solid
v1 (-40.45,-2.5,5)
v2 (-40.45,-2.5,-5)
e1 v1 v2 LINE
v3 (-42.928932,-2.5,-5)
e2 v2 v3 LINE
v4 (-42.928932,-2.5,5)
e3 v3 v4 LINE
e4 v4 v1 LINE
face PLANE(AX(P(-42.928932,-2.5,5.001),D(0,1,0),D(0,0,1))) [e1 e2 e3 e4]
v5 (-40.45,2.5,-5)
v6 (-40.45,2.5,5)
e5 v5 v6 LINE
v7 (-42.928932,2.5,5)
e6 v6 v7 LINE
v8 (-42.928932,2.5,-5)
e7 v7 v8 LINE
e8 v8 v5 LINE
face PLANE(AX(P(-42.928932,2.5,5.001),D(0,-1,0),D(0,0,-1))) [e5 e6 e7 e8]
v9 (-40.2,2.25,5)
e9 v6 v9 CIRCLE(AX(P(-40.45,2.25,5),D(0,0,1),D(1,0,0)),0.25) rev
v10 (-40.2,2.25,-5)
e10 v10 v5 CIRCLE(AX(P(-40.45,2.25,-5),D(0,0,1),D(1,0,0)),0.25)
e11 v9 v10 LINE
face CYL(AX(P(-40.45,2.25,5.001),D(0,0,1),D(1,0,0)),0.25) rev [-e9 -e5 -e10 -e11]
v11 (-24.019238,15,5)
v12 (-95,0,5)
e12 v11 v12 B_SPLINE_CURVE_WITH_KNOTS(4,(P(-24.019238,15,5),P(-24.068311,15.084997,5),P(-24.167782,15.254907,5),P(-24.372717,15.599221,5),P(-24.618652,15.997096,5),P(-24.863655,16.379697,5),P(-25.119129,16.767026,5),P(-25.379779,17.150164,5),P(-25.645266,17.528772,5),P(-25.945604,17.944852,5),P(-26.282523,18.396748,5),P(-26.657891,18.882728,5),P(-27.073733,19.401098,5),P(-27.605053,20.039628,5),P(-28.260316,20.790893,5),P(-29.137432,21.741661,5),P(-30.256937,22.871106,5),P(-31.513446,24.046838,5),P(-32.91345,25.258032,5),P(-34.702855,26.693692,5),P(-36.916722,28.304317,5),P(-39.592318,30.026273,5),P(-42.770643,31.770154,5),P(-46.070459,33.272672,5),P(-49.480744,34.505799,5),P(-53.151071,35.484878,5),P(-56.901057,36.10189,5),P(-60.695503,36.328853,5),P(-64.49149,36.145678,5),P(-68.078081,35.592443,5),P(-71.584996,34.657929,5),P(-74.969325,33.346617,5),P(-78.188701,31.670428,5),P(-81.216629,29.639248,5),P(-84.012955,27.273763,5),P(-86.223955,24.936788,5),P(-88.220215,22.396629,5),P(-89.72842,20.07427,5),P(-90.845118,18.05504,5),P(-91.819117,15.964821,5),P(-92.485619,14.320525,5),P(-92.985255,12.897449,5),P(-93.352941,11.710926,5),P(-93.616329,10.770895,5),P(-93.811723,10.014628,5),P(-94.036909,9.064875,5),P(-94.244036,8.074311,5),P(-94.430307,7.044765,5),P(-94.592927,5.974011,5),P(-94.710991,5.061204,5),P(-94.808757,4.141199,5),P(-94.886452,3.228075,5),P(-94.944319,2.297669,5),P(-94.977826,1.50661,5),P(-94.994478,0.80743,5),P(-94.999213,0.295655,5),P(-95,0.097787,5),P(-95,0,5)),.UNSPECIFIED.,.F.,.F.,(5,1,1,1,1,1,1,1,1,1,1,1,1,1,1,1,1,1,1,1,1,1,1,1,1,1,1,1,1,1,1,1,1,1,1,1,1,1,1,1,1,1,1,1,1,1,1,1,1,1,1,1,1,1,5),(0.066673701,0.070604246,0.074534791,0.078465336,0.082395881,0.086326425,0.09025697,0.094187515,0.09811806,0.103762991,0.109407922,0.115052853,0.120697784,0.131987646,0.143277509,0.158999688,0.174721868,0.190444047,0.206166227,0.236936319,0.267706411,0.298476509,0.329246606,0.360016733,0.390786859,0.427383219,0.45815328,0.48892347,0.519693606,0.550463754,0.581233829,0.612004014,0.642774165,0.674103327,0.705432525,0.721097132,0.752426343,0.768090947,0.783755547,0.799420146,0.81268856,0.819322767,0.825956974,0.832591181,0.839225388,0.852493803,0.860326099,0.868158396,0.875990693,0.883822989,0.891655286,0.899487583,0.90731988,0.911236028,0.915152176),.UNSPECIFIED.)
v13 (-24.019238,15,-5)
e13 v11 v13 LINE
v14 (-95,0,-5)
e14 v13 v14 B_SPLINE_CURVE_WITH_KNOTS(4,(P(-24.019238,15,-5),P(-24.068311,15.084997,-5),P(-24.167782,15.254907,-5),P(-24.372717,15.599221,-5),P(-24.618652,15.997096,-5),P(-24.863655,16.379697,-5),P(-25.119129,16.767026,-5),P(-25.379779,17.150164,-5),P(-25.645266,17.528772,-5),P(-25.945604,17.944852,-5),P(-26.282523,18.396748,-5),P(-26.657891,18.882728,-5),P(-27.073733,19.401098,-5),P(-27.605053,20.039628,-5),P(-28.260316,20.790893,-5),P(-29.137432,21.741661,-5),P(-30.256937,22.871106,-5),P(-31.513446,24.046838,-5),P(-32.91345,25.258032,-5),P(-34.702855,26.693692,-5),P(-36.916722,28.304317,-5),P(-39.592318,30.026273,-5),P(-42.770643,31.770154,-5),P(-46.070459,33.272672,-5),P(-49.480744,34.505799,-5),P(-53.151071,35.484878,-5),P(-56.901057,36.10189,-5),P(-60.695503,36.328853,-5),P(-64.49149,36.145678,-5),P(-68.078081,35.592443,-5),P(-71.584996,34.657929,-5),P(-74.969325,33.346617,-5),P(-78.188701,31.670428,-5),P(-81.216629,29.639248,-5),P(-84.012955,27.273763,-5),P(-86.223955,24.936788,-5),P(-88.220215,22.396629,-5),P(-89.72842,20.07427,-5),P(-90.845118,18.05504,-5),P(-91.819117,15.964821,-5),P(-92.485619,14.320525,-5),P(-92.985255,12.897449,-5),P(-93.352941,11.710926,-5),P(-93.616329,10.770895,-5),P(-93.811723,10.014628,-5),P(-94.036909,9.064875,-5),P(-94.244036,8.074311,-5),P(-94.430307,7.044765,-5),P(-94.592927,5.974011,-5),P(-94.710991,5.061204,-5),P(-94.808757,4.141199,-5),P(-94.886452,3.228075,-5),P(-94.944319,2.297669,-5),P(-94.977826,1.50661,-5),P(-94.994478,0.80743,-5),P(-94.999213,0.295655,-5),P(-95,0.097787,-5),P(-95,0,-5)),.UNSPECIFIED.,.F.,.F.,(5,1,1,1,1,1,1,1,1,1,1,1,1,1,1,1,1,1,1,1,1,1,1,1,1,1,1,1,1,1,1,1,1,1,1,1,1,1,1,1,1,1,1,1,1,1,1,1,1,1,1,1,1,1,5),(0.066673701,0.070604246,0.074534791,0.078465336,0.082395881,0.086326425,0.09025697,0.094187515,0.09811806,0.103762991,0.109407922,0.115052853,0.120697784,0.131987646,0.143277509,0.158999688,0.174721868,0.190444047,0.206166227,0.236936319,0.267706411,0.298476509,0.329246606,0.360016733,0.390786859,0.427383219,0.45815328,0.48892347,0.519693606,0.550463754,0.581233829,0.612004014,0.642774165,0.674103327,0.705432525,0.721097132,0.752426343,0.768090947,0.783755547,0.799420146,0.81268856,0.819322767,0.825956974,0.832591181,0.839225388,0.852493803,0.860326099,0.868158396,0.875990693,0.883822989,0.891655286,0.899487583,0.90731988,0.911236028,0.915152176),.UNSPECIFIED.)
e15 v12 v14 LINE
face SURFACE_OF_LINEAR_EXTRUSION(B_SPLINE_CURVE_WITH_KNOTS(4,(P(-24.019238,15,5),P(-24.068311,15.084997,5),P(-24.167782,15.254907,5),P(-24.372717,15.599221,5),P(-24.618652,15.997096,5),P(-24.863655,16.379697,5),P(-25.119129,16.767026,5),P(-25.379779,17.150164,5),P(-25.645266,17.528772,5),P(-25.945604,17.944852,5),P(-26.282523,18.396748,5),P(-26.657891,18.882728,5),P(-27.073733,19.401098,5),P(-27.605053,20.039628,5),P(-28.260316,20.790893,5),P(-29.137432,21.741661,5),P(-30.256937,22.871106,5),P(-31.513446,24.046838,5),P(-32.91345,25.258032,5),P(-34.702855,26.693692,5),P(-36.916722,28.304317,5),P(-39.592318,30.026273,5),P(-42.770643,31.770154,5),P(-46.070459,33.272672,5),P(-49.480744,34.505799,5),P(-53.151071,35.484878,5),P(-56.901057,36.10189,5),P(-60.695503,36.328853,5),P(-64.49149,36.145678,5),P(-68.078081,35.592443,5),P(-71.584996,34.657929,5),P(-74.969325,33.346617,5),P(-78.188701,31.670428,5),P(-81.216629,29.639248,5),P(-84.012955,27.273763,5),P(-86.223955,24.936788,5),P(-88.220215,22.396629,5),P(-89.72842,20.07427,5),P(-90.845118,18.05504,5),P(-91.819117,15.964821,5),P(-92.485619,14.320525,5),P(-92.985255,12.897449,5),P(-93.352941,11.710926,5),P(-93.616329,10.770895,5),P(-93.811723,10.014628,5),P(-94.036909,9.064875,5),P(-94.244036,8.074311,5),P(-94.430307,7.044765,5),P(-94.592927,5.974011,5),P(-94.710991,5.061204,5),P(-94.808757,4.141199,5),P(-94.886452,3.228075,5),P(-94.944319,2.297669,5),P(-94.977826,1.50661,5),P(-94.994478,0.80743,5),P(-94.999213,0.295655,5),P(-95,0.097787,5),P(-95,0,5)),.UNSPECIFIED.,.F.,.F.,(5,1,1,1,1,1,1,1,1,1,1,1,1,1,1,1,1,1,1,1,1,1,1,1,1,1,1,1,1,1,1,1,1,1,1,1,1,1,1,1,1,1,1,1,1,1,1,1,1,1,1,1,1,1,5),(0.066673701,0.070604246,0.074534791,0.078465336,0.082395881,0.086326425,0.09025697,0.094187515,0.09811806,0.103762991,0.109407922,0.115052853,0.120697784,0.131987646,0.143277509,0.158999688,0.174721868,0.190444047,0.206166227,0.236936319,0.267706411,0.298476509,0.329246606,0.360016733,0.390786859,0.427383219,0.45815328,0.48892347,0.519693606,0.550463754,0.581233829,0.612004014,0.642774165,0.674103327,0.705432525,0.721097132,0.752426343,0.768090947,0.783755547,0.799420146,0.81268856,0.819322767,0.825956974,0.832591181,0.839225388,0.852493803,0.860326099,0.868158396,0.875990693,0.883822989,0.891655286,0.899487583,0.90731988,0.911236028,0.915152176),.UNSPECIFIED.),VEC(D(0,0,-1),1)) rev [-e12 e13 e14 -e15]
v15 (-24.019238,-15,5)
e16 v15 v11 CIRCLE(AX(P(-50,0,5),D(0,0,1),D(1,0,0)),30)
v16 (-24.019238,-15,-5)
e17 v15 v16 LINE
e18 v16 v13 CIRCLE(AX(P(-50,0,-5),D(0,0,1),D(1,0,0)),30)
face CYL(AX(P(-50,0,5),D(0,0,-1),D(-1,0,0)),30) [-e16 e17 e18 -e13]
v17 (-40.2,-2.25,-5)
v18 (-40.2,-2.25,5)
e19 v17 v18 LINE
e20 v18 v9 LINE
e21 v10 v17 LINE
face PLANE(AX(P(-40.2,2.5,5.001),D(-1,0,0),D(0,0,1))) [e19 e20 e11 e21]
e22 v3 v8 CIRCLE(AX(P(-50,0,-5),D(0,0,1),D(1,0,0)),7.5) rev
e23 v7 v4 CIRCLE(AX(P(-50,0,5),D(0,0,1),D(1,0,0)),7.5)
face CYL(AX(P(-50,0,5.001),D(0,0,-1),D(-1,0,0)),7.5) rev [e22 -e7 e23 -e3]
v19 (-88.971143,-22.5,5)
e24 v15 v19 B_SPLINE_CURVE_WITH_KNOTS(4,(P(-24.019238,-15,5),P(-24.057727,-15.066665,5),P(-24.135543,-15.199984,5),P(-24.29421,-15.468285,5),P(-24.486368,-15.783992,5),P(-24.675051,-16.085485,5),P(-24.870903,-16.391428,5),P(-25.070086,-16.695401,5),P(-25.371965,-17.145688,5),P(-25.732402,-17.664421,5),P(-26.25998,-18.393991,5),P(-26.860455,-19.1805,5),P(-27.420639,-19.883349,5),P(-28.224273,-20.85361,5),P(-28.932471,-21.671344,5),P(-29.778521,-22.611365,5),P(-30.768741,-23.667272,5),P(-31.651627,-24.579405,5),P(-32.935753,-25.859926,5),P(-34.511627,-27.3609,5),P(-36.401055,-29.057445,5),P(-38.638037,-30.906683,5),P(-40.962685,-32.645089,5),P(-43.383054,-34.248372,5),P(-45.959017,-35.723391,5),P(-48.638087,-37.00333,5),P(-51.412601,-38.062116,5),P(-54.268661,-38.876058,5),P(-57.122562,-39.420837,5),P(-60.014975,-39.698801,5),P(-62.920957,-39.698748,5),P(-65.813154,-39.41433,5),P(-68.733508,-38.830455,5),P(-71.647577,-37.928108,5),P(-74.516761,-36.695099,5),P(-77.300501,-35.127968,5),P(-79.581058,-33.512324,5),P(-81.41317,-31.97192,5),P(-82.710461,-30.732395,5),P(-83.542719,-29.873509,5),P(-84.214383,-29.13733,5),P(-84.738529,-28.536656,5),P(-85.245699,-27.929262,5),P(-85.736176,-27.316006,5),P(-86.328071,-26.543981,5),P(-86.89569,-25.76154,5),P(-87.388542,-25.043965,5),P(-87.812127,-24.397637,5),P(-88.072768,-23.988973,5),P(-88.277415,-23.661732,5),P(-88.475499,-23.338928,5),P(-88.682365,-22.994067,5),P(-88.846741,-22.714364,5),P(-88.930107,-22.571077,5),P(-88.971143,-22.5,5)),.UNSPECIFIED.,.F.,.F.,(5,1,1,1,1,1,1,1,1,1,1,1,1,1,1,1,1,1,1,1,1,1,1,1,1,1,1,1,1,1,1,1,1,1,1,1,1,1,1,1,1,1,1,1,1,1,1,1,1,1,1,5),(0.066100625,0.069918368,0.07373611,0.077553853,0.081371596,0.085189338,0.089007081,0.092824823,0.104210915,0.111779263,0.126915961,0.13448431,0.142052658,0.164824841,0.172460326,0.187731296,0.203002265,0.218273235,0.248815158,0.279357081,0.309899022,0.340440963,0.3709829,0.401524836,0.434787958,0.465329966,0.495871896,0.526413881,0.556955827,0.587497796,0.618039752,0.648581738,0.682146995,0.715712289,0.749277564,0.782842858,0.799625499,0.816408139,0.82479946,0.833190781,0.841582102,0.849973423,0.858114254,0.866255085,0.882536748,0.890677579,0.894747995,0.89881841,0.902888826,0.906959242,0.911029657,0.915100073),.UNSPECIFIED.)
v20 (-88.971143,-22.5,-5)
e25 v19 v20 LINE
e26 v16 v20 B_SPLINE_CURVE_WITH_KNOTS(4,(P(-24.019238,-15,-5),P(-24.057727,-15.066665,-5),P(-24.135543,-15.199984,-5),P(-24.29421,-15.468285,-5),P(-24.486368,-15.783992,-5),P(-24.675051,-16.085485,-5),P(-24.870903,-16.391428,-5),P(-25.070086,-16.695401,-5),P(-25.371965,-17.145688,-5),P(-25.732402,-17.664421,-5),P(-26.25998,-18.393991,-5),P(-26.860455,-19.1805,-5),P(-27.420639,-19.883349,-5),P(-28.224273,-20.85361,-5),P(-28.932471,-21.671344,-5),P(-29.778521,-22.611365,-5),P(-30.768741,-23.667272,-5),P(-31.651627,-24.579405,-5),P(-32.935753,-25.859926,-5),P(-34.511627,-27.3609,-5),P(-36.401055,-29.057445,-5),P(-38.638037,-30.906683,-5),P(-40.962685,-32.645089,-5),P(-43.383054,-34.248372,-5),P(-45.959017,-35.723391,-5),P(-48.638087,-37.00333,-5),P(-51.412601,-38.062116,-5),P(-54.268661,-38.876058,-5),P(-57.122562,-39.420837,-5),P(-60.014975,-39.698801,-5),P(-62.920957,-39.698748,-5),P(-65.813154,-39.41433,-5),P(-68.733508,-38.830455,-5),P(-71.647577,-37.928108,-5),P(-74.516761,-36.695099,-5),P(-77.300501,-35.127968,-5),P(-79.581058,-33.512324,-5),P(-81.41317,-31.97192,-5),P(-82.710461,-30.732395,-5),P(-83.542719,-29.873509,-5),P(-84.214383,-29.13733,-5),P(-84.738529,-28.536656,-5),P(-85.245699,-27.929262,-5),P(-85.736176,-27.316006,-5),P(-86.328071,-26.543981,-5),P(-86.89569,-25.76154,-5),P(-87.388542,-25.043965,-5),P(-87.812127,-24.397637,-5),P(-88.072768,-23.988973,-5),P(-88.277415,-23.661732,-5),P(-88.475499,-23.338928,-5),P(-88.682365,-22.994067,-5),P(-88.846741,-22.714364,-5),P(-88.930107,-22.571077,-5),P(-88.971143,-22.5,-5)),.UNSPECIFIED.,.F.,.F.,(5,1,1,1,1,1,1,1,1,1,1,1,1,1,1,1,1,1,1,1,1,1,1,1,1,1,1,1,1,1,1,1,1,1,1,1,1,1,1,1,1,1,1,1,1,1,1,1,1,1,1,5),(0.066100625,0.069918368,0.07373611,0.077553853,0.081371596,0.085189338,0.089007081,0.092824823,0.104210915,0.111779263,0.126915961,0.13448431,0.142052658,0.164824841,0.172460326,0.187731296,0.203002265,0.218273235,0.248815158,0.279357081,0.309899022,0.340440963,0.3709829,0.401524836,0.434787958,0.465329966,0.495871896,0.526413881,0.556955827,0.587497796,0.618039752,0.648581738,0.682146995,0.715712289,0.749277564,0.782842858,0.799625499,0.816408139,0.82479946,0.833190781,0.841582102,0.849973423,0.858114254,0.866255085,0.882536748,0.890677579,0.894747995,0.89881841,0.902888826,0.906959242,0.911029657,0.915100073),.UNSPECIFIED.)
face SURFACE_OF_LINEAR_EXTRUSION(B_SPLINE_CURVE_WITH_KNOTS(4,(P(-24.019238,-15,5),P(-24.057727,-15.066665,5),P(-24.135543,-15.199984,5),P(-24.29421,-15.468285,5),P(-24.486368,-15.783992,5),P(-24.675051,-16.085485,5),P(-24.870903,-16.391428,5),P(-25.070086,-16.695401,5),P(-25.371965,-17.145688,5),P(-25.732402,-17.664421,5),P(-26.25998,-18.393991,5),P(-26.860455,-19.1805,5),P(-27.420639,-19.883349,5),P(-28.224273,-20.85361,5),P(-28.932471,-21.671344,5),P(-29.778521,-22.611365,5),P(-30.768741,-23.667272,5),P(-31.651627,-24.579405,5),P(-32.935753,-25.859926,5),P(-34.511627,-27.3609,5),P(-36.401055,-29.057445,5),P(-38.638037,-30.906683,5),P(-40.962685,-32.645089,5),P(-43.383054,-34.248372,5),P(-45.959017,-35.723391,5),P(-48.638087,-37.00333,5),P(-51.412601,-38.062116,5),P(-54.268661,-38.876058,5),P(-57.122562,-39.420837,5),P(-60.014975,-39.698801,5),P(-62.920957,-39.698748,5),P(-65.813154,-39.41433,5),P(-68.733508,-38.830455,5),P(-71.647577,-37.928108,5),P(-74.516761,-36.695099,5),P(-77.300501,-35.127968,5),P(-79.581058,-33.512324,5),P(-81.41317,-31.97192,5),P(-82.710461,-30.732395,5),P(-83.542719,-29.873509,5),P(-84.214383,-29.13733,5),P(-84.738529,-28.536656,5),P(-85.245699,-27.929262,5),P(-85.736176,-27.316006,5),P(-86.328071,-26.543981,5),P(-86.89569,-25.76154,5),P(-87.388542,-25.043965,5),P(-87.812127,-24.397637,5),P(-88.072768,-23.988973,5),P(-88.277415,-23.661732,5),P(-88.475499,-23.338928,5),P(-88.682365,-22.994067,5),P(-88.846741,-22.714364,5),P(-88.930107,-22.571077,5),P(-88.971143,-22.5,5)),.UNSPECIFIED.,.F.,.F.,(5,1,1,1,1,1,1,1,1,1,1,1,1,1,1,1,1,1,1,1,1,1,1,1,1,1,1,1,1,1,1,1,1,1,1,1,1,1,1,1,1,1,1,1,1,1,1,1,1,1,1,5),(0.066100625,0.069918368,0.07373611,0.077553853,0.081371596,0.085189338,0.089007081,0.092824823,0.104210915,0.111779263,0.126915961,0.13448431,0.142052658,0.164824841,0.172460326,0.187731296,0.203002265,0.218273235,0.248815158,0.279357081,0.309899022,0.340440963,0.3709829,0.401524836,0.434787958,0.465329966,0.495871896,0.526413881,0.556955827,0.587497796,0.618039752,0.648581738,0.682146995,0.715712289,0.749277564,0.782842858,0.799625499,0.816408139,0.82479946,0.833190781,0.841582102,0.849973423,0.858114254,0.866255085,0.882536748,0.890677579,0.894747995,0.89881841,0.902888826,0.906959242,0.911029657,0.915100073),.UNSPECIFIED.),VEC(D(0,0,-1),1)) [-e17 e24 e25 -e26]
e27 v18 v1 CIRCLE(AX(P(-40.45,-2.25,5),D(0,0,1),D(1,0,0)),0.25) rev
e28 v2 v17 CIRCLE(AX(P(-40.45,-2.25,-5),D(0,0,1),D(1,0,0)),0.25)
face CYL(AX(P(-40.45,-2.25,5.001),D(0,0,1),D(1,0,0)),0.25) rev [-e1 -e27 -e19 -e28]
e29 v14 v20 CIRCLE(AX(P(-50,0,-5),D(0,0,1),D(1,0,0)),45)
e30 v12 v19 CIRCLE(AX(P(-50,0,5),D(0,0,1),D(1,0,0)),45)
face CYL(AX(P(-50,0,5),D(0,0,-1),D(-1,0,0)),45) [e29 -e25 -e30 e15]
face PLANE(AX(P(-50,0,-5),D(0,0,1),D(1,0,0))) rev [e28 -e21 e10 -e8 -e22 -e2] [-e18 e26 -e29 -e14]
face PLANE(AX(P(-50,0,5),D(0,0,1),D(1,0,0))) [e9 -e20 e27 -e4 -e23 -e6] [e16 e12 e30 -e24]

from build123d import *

# Parameters (mm, degrees)
BOSS_EXTRUDE1_DEPTH            = 5
CUT_EXTRUDE2_REACH             = 105.073
SKETCH2_R                      = 7.5
CUT_EXTRUDE2_DIRECTION_2_REACH = 105.073
CUT_EXTRUDE3_REACH             = 105.073
SKETCH3_W                      = 2.728932188
SKETCH3_H                      = 5
CUT_EXTRUDE3_DIRECTION_2_REACH = 105.073
FILLET1_R                      = 0.25


with BuildPart() as part:
    # Cam Profile Sketch → Boss-Extrude1 (new, symmetric)
    with BuildSketch(Plane.XY):
        with BuildLine():
            ThreePointArc((-95, 0), (-93.466662183, -11.64685703), (-88.97114317, -22.5))
            add(Edge.make_bspline(
                [(-24.019237886, -15), (-24.057726996, -15.066665093), (-24.135542603, -15.199984179), (-24.294210245, -15.468284804), (-24.486367794, -15.783992161), (-24.675050968, -16.085484944), (-24.8709034, -16.391428035), (-25.070085707, -16.695400658), (-25.371964938, -17.145687962), (-25.732401665, -17.664420975), (-26.25998012, -18.393991283), (-26.860454757, -19.180499871), (-27.42063933, -19.883348998), (-28.224273383, -20.853609638), (-28.932471155, -21.671343711), (-29.778521208, -22.611364699), (-30.768740875, -23.66727202), (-31.65162684, -24.579405423), (-32.935753353, -25.859926354), (-34.511627336, -27.360899541), (-36.401054833, -29.057445052), (-38.638036886, -30.906683495), (-40.962685031, -32.645088961), (-43.383053705, -34.248371754), (-45.959016936, -35.723391452), (-48.63808706, -37.003330144), (-51.412600635, -38.062115797), (-54.268660613, -38.876057715), (-57.122562395, -39.420836577), (-60.014975318, -39.698800922), (-62.92095712, -39.698748169), (-65.813153516, -39.414329857), (-68.733508438, -38.830455347), (-71.647577447, -37.928108287), (-74.516760762, -36.695099337), (-77.300501066, -35.127967674), (-79.581058345, -33.512324426), (-81.413170087, -31.971920034), (-82.710461133, -30.732394546), (-83.542718688, -29.87350859), (-84.214382827, -29.137329667), (-84.738529492, -28.536655846), (-85.245699359, -27.929262329), (-85.736176294, -27.316005605), (-86.328070579, -26.54398124), (-86.895689897, -25.761539987), (-87.388541821, -25.043964898), (-87.812126944, -24.397637278), (-88.0727685, -23.98897293), (-88.277415015, -23.661731501), (-88.47549914, -23.338928267), (-88.682364544, -22.994067163), (-88.846740598, -22.714364006), (-88.930106702, -22.571077248), (-88.97114317, -22.5)],
                knots=[0.066100625, 0.066100625, 0.066100625, 0.066100625, 0.066100625, 0.069918368, 0.07373611, 0.077553853, 0.081371596, 0.085189338, 0.089007081, 0.092824823, 0.104210915, 0.111779263, 0.126915961, 0.13448431, 0.142052658, 0.164824841, 0.172460326, 0.187731296, 0.203002265, 0.218273235, 0.248815158, 0.279357081, 0.309899022, 0.340440963, 0.3709829, 0.401524836, 0.434787958, 0.465329966, 0.495871896, 0.526413881, 0.556955827, 0.587497796, 0.618039752, 0.648581738, 0.682146995, 0.715712289, 0.749277564, 0.782842858, 0.799625499, 0.816408139, 0.82479946, 0.833190781, 0.841582102, 0.849973423, 0.858114254, 0.866255085, 0.882536748, 0.890677579, 0.894747995, 0.89881841, 0.902888826, 0.906959242, 0.911029657, 0.915100073, 0.915100073, 0.915100073, 0.915100073, 0.915100073], degree=4))
            ThreePointArc((-24.019237886, -15), (-20, 0), (-24.019237887, 15))
            add(Edge.make_bspline(
                [(-24.019237887, 15), (-24.068311179, 15.084997436), (-24.167781709, 15.254906705), (-24.372716614, 15.599220619), (-24.61865228, 15.997095978), (-24.863655112, 16.379697363), (-25.119128687, 16.767025959), (-25.379779341, 17.150163728), (-25.645266211, 17.528771772), (-25.945604472, 17.944852126), (-26.282522616, 18.396747851), (-26.657891266, 18.882728432), (-27.073733427, 19.401098012), (-27.605052795, 20.039628028), (-28.260315658, 20.790892876), (-29.137432462, 21.741660802), (-30.256936541, 22.871106034), (-31.513445882, 24.046837605), (-32.913450459, 25.258032474), (-34.702854921, 26.693691652), (-36.916722417, 28.304317086), (-39.592318083, 30.026272793), (-42.770642978, 31.770153659), (-46.070459158, 33.272672468), (-49.480743686, 34.50579862), (-53.151070656, 35.484877681), (-56.901056915, 36.10189034), (-60.695503134, 36.328853465), (-64.491489782, 36.145677899), (-68.078081084, 35.592442903), (-71.584996355, 34.657928649), (-74.969324852, 33.346617401), (-78.188701421, 31.670427503), (-81.216628819, 29.639247685), (-84.012954659, 27.273762593), (-86.22395529, 24.936788464), (-88.220215395, 22.396629412), (-89.728420053, 20.074270167), (-90.845118378, 18.05504037), (-91.819116647, 15.964820644), (-92.485619066, 14.320524673), (-92.985254722, 12.89744926), (-93.352941131, 11.710925817), (-93.616328574, 10.770894801), (-93.811723307, 10.014627811), (-94.03690859, 9.064875481), (-94.244035537, 8.074310703), (-94.430306675, 7.044765066), (-94.592927417, 5.974011134), (-94.710991165, 5.06120396), (-94.808756512, 4.141198889), (-94.886451771, 3.228074895), (-94.944318966, 2.297668795), (-94.977825799, 1.506610134), (-94.994478369, 0.807430389), (-94.999212886, 0.295654949), (-95, 0.0977871), (-95, 0)],
                knots=[0.066673701, 0.066673701, 0.066673701, 0.066673701, 0.066673701, 0.070604246, 0.074534791, 0.078465336, 0.082395881, 0.086326425, 0.09025697, 0.094187515, 0.09811806, 0.103762991, 0.109407922, 0.115052853, 0.120697784, 0.131987646, 0.143277509, 0.158999688, 0.174721868, 0.190444047, 0.206166227, 0.236936319, 0.267706411, 0.298476509, 0.329246606, 0.360016733, 0.390786859, 0.427383219, 0.45815328, 0.48892347, 0.519693606, 0.550463754, 0.581233829, 0.612004014, 0.642774165, 0.674103327, 0.705432525, 0.721097132, 0.752426343, 0.768090947, 0.783755547, 0.799420146, 0.81268856, 0.819322767, 0.825956974, 0.832591181, 0.839225388, 0.852493803, 0.860326099, 0.868158396, 0.875990693, 0.883822989, 0.891655286, 0.899487583, 0.90731988, 0.911236028, 0.915152176, 0.915152176, 0.915152176, 0.915152176, 0.915152176], degree=4))
        make_face()
    extrude(amount=BOSS_EXTRUDE1_DEPTH, both=True)

    # Sketch2 → Cut-Extrude2 (cut, up to next)
    with BuildSketch(Plane.XY, mode=Mode.PRIVATE) as cut_extrude2_sk1:
        with Locations((-50, 0)):
            Circle(SKETCH2_R)
    cut_extrude2_tool1 = extrude(cut_extrude2_sk1.sketch, amount=-CUT_EXTRUDE2_REACH, mode=Mode.PRIVATE) & part.part
    add(cut_extrude2_tool1.solids().sort_by_distance((-50, 0, 0))[0], mode=Mode.SUBTRACT)

    # Sketch2 → Cut-Extrude2 direction 2 (cut, up to next)
    with BuildSketch(Plane.XY, mode=Mode.PRIVATE) as cut_extrude2_direction_2_sk1:
        with Locations((-50, 0)):
            Circle(SKETCH2_R)
    cut_extrude2_direction_2_tool1 = extrude(cut_extrude2_direction_2_sk1.sketch, amount=CUT_EXTRUDE2_DIRECTION_2_REACH, mode=Mode.PRIVATE) & part.part
    add(cut_extrude2_direction_2_tool1.solids().sort_by_distance((-50, 0, 0))[0], mode=Mode.SUBTRACT)

    # Sketch3 → Cut-Extrude3 (cut, up to next)
    with BuildSketch(Plane.XY, mode=Mode.PRIVATE) as cut_extrude3_sk1:
        with Locations((-41.564466094, 0)):
            Rectangle(SKETCH3_W, SKETCH3_H)
    cut_extrude3_tool1 = extrude(cut_extrude3_sk1.sketch, amount=-CUT_EXTRUDE3_REACH, mode=Mode.PRIVATE) & part.part
    add(cut_extrude3_tool1.solids().sort_by_distance((-41.564466, 0, 0))[0], mode=Mode.SUBTRACT)

    # Sketch3 → Cut-Extrude3 direction 2 (cut, up to next)
    with BuildSketch(Plane.XY, mode=Mode.PRIVATE) as cut_extrude3_direction_2_sk1:
        with Locations((-41.564466094, 0)):
            Rectangle(SKETCH3_W, SKETCH3_H)
    cut_extrude3_direction_2_tool1 = extrude(cut_extrude3_direction_2_sk1.sketch, amount=CUT_EXTRUDE3_DIRECTION_2_REACH, mode=Mode.PRIVATE) & part.part
    add(cut_extrude3_direction_2_tool1.solids().sort_by_distance((-41.564466, 0, 0))[0], mode=Mode.SUBTRACT)

    # Fillet1
    fillet1_edges = [part.edges().sort_by_distance(p)[0] for p in [
        (-40.2, -2.5, 0),
        (-40.2, 2.5, 0),
    ]]
    fillet(fillet1_edges, radius=FILLET1_R)


solid = part.part
